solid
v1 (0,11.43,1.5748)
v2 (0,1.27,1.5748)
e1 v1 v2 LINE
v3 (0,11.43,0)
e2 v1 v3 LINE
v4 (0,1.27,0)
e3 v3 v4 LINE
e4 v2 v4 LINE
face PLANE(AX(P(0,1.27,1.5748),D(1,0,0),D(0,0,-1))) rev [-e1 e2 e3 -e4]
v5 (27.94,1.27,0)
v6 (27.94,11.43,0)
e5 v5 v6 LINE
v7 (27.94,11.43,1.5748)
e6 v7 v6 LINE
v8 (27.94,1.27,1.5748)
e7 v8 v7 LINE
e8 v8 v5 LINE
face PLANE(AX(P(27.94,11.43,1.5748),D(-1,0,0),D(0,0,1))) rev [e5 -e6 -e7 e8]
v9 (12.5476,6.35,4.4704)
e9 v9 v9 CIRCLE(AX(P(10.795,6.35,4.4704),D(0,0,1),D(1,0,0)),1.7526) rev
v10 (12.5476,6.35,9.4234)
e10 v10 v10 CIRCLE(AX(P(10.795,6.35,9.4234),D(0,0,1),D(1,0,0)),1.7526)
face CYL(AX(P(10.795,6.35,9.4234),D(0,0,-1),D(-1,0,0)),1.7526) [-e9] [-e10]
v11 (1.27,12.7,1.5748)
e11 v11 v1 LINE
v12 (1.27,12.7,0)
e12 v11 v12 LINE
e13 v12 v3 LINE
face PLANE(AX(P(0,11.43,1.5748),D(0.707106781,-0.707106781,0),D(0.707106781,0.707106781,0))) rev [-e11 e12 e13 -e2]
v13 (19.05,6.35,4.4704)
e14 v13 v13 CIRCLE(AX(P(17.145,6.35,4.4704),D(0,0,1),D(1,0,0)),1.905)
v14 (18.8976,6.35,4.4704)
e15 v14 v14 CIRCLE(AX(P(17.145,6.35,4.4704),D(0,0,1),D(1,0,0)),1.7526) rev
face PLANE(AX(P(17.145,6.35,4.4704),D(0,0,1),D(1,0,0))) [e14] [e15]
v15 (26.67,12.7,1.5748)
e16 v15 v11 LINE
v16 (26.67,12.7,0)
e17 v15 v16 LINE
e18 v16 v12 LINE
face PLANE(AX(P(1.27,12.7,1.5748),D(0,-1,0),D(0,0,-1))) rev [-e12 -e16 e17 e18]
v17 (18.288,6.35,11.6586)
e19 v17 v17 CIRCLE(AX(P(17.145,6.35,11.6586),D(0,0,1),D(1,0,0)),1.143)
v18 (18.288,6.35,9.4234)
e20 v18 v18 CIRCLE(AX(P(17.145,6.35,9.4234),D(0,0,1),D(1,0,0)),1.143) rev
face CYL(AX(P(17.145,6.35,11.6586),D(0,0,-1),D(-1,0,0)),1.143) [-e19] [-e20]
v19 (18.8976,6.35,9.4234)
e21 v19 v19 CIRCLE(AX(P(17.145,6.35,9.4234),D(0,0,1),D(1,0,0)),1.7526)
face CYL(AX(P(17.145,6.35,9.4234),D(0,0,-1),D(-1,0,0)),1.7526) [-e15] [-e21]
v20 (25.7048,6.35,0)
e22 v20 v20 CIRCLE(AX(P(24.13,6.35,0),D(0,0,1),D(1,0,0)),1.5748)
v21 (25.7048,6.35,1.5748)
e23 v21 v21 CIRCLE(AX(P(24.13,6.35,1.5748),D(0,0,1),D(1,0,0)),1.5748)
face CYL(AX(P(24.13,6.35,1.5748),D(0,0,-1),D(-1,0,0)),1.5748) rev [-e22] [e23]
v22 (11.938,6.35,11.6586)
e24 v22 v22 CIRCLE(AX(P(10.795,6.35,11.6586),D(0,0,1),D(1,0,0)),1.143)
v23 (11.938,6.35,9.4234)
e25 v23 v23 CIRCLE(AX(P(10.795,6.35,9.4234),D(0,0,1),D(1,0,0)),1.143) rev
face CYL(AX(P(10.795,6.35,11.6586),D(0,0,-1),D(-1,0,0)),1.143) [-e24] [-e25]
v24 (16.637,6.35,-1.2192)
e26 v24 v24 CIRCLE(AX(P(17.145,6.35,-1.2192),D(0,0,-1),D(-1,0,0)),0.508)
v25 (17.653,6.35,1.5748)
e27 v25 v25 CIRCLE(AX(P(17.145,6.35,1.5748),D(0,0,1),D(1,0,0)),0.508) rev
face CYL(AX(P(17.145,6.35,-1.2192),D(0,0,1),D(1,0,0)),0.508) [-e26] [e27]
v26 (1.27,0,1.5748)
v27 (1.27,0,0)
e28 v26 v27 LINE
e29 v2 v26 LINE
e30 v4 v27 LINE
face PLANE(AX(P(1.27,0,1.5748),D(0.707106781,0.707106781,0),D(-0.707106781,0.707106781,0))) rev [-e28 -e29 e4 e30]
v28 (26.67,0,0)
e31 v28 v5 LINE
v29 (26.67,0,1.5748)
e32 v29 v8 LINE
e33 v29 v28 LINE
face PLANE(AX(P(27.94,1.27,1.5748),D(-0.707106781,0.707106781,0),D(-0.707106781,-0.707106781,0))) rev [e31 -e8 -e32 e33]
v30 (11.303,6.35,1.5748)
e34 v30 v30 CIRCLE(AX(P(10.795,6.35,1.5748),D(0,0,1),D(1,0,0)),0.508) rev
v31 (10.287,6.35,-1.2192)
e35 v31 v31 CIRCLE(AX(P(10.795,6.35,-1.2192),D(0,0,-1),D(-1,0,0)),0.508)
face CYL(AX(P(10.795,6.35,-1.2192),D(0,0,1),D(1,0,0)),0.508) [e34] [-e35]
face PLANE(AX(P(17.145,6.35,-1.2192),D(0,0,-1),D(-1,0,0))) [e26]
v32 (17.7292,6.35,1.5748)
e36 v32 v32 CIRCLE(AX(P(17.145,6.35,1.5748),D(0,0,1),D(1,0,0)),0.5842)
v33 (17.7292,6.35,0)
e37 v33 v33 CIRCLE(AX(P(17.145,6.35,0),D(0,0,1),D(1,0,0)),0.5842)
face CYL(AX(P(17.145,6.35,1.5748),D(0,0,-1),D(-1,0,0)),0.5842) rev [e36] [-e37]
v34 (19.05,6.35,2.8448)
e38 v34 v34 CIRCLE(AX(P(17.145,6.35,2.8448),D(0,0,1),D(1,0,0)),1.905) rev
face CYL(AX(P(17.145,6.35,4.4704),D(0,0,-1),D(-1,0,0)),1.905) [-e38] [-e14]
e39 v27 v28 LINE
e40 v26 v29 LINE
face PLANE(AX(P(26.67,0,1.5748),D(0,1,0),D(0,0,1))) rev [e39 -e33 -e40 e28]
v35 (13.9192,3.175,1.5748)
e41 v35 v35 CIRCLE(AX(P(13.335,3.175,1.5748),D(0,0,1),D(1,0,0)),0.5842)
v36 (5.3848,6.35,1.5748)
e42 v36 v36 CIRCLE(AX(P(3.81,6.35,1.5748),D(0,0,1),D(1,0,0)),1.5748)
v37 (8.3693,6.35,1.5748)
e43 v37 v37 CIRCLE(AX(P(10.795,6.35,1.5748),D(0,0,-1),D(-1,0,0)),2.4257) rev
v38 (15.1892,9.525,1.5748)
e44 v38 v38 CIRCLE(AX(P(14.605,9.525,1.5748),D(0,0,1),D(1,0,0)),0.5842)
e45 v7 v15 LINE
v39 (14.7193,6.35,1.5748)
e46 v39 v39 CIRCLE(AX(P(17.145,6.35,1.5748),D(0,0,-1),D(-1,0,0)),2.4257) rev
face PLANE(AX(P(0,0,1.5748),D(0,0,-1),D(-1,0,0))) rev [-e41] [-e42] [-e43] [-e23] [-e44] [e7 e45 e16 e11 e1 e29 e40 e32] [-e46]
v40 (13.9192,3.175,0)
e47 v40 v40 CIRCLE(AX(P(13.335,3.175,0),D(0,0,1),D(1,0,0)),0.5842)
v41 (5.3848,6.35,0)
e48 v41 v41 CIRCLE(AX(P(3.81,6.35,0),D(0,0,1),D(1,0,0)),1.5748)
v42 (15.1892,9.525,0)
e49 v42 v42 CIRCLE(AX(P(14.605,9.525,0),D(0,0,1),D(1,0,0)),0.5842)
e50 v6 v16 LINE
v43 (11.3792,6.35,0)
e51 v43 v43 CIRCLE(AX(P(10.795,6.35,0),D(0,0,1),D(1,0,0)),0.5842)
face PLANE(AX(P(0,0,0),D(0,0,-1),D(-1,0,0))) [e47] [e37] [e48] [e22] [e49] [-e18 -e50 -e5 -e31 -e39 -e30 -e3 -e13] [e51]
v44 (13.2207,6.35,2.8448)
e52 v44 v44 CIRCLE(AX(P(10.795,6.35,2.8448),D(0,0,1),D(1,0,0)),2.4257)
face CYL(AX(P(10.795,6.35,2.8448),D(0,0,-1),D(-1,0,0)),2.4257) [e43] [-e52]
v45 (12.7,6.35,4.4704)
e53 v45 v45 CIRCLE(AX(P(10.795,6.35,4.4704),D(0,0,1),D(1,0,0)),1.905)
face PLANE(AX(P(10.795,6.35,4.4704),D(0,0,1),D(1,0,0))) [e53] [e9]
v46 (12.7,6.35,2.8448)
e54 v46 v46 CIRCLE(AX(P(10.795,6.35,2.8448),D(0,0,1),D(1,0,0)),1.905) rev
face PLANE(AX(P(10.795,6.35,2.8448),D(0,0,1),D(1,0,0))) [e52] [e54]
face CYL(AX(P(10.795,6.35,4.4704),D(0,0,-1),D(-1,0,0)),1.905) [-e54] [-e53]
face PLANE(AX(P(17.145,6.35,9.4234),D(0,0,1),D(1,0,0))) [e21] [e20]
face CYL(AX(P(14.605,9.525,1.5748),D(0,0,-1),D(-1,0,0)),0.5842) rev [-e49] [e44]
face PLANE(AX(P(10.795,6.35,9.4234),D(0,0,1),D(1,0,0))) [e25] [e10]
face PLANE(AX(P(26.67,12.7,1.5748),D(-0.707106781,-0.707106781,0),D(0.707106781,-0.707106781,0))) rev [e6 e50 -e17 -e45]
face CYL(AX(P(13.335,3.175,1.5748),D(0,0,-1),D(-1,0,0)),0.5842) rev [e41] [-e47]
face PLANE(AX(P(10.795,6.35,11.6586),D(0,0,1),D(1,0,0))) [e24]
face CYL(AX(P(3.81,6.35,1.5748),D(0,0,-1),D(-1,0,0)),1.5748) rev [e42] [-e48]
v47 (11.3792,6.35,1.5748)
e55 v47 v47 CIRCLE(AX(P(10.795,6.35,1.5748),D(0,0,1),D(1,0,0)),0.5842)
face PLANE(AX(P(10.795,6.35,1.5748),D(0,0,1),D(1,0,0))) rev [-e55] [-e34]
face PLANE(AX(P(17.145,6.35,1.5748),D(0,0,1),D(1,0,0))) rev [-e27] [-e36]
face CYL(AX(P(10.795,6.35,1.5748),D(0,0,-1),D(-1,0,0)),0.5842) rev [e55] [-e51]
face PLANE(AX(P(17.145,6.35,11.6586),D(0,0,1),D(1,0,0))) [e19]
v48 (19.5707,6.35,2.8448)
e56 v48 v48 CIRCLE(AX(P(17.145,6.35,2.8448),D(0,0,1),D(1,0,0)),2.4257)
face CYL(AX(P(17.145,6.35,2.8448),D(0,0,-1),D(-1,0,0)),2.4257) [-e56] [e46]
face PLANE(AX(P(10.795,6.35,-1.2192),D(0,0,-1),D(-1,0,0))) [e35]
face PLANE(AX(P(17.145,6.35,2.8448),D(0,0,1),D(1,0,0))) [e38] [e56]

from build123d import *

# Parameters (mm, degrees)
MODEL_R             = 0.5842
MODEL_R_2           = 1.5748
BOSS_EXTRUDE1_DEPTH = 1.5748
SKETCH1_R           = 2.4257
BOSS_EXTRUDE2_DEPTH = 1.27
SKETCH2_R           = 1.905
BOSS_EXTRUDE3_DEPTH = 2.8956
SKETCH3_R           = 1.7526
BOSS_EXTRUDE4_DEPTH = 7.8486
SKETCH4_R           = 1.143
BOSS_EXTRUDE5_DEPTH = 10.0838
SKETCH5_R           = 0.508
BOSS_EXTRUDE6_DEPTH = 2.794


with BuildPart() as part:
    # Model → Boss-Extrude1 (new body)
    with BuildSketch(Plane.XY):
        Polygon((0, 11.43), (1.27, 12.7), (26.67, 12.7), (27.94, 11.43), (27.94, 1.27), (26.67, 0), (1.27, 0), (0, 1.27), align=None)
        with Locations((10.795, 6.35)):
            Circle(MODEL_R, mode=Mode.SUBTRACT)
        with Locations((17.145, 6.35)):
            Circle(MODEL_R, mode=Mode.SUBTRACT)
        with Locations((3.81, 6.35)):
            Circle(MODEL_R_2, mode=Mode.SUBTRACT)
        with Locations((24.13, 6.35)):
            Circle(MODEL_R_2, mode=Mode.SUBTRACT)
        with Locations((13.335, 3.175)):
            Circle(MODEL_R, mode=Mode.SUBTRACT)
        with Locations((14.605, 9.525)):
            Circle(MODEL_R, mode=Mode.SUBTRACT)
    extrude(amount=BOSS_EXTRUDE1_DEPTH)

    # Sketch1 → Boss-Extrude2 (add)
    with BuildSketch(Plane.XY.offset(1.5748)):
        with Locations(Location((10.795, 6.35, 0), (0, 0, 180))):
            Circle(SKETCH1_R)
        with Locations(Location((17.145, 6.35, 0), (0, 0, 180))):
            Circle(SKETCH1_R)
    extrude(amount=BOSS_EXTRUDE2_DEPTH)

    # Sketch2 → Boss-Extrude3 (add)
    with BuildSketch(Plane.XY.offset(1.5748)):
        with Locations((10.795, 6.35)):
            Circle(SKETCH2_R)
        with Locations((17.145, 6.35)):
            Circle(SKETCH2_R)
    extrude(amount=BOSS_EXTRUDE3_DEPTH)

    # Sketch3 → Boss-Extrude4 (add)
    with BuildSketch(Plane.XY.offset(1.5748)):
        with Locations((17.145, 6.35)):
            Circle(SKETCH3_R)
        with Locations((10.795, 6.35)):
            Circle(SKETCH3_R)
    extrude(amount=BOSS_EXTRUDE4_DEPTH)

    # Sketch4 → Boss-Extrude5 (add)
    with BuildSketch(Plane.XY.offset(1.5748)):
        with Locations((17.145, 6.35)):
            Circle(SKETCH4_R)
        with Locations((10.795, 6.35)):
            Circle(SKETCH4_R)
    extrude(amount=BOSS_EXTRUDE5_DEPTH)

    # Sketch5 → Boss-Extrude6 (add)
    with BuildSketch(Plane(origin=(0, 0, 1.5748), x_dir=(-1, 0, 0), z_dir=(0, 0, -1))):
        with Locations(Location((-17.145, 6.35, 0), (0, 0, 180))):
            Circle(SKETCH5_R)
        with Locations(Location((-10.795, 6.35, 0), (0, 0, 180))):
            Circle(SKETCH5_R)
    extrude(amount=BOSS_EXTRUDE6_DEPTH)


solid = part.part
